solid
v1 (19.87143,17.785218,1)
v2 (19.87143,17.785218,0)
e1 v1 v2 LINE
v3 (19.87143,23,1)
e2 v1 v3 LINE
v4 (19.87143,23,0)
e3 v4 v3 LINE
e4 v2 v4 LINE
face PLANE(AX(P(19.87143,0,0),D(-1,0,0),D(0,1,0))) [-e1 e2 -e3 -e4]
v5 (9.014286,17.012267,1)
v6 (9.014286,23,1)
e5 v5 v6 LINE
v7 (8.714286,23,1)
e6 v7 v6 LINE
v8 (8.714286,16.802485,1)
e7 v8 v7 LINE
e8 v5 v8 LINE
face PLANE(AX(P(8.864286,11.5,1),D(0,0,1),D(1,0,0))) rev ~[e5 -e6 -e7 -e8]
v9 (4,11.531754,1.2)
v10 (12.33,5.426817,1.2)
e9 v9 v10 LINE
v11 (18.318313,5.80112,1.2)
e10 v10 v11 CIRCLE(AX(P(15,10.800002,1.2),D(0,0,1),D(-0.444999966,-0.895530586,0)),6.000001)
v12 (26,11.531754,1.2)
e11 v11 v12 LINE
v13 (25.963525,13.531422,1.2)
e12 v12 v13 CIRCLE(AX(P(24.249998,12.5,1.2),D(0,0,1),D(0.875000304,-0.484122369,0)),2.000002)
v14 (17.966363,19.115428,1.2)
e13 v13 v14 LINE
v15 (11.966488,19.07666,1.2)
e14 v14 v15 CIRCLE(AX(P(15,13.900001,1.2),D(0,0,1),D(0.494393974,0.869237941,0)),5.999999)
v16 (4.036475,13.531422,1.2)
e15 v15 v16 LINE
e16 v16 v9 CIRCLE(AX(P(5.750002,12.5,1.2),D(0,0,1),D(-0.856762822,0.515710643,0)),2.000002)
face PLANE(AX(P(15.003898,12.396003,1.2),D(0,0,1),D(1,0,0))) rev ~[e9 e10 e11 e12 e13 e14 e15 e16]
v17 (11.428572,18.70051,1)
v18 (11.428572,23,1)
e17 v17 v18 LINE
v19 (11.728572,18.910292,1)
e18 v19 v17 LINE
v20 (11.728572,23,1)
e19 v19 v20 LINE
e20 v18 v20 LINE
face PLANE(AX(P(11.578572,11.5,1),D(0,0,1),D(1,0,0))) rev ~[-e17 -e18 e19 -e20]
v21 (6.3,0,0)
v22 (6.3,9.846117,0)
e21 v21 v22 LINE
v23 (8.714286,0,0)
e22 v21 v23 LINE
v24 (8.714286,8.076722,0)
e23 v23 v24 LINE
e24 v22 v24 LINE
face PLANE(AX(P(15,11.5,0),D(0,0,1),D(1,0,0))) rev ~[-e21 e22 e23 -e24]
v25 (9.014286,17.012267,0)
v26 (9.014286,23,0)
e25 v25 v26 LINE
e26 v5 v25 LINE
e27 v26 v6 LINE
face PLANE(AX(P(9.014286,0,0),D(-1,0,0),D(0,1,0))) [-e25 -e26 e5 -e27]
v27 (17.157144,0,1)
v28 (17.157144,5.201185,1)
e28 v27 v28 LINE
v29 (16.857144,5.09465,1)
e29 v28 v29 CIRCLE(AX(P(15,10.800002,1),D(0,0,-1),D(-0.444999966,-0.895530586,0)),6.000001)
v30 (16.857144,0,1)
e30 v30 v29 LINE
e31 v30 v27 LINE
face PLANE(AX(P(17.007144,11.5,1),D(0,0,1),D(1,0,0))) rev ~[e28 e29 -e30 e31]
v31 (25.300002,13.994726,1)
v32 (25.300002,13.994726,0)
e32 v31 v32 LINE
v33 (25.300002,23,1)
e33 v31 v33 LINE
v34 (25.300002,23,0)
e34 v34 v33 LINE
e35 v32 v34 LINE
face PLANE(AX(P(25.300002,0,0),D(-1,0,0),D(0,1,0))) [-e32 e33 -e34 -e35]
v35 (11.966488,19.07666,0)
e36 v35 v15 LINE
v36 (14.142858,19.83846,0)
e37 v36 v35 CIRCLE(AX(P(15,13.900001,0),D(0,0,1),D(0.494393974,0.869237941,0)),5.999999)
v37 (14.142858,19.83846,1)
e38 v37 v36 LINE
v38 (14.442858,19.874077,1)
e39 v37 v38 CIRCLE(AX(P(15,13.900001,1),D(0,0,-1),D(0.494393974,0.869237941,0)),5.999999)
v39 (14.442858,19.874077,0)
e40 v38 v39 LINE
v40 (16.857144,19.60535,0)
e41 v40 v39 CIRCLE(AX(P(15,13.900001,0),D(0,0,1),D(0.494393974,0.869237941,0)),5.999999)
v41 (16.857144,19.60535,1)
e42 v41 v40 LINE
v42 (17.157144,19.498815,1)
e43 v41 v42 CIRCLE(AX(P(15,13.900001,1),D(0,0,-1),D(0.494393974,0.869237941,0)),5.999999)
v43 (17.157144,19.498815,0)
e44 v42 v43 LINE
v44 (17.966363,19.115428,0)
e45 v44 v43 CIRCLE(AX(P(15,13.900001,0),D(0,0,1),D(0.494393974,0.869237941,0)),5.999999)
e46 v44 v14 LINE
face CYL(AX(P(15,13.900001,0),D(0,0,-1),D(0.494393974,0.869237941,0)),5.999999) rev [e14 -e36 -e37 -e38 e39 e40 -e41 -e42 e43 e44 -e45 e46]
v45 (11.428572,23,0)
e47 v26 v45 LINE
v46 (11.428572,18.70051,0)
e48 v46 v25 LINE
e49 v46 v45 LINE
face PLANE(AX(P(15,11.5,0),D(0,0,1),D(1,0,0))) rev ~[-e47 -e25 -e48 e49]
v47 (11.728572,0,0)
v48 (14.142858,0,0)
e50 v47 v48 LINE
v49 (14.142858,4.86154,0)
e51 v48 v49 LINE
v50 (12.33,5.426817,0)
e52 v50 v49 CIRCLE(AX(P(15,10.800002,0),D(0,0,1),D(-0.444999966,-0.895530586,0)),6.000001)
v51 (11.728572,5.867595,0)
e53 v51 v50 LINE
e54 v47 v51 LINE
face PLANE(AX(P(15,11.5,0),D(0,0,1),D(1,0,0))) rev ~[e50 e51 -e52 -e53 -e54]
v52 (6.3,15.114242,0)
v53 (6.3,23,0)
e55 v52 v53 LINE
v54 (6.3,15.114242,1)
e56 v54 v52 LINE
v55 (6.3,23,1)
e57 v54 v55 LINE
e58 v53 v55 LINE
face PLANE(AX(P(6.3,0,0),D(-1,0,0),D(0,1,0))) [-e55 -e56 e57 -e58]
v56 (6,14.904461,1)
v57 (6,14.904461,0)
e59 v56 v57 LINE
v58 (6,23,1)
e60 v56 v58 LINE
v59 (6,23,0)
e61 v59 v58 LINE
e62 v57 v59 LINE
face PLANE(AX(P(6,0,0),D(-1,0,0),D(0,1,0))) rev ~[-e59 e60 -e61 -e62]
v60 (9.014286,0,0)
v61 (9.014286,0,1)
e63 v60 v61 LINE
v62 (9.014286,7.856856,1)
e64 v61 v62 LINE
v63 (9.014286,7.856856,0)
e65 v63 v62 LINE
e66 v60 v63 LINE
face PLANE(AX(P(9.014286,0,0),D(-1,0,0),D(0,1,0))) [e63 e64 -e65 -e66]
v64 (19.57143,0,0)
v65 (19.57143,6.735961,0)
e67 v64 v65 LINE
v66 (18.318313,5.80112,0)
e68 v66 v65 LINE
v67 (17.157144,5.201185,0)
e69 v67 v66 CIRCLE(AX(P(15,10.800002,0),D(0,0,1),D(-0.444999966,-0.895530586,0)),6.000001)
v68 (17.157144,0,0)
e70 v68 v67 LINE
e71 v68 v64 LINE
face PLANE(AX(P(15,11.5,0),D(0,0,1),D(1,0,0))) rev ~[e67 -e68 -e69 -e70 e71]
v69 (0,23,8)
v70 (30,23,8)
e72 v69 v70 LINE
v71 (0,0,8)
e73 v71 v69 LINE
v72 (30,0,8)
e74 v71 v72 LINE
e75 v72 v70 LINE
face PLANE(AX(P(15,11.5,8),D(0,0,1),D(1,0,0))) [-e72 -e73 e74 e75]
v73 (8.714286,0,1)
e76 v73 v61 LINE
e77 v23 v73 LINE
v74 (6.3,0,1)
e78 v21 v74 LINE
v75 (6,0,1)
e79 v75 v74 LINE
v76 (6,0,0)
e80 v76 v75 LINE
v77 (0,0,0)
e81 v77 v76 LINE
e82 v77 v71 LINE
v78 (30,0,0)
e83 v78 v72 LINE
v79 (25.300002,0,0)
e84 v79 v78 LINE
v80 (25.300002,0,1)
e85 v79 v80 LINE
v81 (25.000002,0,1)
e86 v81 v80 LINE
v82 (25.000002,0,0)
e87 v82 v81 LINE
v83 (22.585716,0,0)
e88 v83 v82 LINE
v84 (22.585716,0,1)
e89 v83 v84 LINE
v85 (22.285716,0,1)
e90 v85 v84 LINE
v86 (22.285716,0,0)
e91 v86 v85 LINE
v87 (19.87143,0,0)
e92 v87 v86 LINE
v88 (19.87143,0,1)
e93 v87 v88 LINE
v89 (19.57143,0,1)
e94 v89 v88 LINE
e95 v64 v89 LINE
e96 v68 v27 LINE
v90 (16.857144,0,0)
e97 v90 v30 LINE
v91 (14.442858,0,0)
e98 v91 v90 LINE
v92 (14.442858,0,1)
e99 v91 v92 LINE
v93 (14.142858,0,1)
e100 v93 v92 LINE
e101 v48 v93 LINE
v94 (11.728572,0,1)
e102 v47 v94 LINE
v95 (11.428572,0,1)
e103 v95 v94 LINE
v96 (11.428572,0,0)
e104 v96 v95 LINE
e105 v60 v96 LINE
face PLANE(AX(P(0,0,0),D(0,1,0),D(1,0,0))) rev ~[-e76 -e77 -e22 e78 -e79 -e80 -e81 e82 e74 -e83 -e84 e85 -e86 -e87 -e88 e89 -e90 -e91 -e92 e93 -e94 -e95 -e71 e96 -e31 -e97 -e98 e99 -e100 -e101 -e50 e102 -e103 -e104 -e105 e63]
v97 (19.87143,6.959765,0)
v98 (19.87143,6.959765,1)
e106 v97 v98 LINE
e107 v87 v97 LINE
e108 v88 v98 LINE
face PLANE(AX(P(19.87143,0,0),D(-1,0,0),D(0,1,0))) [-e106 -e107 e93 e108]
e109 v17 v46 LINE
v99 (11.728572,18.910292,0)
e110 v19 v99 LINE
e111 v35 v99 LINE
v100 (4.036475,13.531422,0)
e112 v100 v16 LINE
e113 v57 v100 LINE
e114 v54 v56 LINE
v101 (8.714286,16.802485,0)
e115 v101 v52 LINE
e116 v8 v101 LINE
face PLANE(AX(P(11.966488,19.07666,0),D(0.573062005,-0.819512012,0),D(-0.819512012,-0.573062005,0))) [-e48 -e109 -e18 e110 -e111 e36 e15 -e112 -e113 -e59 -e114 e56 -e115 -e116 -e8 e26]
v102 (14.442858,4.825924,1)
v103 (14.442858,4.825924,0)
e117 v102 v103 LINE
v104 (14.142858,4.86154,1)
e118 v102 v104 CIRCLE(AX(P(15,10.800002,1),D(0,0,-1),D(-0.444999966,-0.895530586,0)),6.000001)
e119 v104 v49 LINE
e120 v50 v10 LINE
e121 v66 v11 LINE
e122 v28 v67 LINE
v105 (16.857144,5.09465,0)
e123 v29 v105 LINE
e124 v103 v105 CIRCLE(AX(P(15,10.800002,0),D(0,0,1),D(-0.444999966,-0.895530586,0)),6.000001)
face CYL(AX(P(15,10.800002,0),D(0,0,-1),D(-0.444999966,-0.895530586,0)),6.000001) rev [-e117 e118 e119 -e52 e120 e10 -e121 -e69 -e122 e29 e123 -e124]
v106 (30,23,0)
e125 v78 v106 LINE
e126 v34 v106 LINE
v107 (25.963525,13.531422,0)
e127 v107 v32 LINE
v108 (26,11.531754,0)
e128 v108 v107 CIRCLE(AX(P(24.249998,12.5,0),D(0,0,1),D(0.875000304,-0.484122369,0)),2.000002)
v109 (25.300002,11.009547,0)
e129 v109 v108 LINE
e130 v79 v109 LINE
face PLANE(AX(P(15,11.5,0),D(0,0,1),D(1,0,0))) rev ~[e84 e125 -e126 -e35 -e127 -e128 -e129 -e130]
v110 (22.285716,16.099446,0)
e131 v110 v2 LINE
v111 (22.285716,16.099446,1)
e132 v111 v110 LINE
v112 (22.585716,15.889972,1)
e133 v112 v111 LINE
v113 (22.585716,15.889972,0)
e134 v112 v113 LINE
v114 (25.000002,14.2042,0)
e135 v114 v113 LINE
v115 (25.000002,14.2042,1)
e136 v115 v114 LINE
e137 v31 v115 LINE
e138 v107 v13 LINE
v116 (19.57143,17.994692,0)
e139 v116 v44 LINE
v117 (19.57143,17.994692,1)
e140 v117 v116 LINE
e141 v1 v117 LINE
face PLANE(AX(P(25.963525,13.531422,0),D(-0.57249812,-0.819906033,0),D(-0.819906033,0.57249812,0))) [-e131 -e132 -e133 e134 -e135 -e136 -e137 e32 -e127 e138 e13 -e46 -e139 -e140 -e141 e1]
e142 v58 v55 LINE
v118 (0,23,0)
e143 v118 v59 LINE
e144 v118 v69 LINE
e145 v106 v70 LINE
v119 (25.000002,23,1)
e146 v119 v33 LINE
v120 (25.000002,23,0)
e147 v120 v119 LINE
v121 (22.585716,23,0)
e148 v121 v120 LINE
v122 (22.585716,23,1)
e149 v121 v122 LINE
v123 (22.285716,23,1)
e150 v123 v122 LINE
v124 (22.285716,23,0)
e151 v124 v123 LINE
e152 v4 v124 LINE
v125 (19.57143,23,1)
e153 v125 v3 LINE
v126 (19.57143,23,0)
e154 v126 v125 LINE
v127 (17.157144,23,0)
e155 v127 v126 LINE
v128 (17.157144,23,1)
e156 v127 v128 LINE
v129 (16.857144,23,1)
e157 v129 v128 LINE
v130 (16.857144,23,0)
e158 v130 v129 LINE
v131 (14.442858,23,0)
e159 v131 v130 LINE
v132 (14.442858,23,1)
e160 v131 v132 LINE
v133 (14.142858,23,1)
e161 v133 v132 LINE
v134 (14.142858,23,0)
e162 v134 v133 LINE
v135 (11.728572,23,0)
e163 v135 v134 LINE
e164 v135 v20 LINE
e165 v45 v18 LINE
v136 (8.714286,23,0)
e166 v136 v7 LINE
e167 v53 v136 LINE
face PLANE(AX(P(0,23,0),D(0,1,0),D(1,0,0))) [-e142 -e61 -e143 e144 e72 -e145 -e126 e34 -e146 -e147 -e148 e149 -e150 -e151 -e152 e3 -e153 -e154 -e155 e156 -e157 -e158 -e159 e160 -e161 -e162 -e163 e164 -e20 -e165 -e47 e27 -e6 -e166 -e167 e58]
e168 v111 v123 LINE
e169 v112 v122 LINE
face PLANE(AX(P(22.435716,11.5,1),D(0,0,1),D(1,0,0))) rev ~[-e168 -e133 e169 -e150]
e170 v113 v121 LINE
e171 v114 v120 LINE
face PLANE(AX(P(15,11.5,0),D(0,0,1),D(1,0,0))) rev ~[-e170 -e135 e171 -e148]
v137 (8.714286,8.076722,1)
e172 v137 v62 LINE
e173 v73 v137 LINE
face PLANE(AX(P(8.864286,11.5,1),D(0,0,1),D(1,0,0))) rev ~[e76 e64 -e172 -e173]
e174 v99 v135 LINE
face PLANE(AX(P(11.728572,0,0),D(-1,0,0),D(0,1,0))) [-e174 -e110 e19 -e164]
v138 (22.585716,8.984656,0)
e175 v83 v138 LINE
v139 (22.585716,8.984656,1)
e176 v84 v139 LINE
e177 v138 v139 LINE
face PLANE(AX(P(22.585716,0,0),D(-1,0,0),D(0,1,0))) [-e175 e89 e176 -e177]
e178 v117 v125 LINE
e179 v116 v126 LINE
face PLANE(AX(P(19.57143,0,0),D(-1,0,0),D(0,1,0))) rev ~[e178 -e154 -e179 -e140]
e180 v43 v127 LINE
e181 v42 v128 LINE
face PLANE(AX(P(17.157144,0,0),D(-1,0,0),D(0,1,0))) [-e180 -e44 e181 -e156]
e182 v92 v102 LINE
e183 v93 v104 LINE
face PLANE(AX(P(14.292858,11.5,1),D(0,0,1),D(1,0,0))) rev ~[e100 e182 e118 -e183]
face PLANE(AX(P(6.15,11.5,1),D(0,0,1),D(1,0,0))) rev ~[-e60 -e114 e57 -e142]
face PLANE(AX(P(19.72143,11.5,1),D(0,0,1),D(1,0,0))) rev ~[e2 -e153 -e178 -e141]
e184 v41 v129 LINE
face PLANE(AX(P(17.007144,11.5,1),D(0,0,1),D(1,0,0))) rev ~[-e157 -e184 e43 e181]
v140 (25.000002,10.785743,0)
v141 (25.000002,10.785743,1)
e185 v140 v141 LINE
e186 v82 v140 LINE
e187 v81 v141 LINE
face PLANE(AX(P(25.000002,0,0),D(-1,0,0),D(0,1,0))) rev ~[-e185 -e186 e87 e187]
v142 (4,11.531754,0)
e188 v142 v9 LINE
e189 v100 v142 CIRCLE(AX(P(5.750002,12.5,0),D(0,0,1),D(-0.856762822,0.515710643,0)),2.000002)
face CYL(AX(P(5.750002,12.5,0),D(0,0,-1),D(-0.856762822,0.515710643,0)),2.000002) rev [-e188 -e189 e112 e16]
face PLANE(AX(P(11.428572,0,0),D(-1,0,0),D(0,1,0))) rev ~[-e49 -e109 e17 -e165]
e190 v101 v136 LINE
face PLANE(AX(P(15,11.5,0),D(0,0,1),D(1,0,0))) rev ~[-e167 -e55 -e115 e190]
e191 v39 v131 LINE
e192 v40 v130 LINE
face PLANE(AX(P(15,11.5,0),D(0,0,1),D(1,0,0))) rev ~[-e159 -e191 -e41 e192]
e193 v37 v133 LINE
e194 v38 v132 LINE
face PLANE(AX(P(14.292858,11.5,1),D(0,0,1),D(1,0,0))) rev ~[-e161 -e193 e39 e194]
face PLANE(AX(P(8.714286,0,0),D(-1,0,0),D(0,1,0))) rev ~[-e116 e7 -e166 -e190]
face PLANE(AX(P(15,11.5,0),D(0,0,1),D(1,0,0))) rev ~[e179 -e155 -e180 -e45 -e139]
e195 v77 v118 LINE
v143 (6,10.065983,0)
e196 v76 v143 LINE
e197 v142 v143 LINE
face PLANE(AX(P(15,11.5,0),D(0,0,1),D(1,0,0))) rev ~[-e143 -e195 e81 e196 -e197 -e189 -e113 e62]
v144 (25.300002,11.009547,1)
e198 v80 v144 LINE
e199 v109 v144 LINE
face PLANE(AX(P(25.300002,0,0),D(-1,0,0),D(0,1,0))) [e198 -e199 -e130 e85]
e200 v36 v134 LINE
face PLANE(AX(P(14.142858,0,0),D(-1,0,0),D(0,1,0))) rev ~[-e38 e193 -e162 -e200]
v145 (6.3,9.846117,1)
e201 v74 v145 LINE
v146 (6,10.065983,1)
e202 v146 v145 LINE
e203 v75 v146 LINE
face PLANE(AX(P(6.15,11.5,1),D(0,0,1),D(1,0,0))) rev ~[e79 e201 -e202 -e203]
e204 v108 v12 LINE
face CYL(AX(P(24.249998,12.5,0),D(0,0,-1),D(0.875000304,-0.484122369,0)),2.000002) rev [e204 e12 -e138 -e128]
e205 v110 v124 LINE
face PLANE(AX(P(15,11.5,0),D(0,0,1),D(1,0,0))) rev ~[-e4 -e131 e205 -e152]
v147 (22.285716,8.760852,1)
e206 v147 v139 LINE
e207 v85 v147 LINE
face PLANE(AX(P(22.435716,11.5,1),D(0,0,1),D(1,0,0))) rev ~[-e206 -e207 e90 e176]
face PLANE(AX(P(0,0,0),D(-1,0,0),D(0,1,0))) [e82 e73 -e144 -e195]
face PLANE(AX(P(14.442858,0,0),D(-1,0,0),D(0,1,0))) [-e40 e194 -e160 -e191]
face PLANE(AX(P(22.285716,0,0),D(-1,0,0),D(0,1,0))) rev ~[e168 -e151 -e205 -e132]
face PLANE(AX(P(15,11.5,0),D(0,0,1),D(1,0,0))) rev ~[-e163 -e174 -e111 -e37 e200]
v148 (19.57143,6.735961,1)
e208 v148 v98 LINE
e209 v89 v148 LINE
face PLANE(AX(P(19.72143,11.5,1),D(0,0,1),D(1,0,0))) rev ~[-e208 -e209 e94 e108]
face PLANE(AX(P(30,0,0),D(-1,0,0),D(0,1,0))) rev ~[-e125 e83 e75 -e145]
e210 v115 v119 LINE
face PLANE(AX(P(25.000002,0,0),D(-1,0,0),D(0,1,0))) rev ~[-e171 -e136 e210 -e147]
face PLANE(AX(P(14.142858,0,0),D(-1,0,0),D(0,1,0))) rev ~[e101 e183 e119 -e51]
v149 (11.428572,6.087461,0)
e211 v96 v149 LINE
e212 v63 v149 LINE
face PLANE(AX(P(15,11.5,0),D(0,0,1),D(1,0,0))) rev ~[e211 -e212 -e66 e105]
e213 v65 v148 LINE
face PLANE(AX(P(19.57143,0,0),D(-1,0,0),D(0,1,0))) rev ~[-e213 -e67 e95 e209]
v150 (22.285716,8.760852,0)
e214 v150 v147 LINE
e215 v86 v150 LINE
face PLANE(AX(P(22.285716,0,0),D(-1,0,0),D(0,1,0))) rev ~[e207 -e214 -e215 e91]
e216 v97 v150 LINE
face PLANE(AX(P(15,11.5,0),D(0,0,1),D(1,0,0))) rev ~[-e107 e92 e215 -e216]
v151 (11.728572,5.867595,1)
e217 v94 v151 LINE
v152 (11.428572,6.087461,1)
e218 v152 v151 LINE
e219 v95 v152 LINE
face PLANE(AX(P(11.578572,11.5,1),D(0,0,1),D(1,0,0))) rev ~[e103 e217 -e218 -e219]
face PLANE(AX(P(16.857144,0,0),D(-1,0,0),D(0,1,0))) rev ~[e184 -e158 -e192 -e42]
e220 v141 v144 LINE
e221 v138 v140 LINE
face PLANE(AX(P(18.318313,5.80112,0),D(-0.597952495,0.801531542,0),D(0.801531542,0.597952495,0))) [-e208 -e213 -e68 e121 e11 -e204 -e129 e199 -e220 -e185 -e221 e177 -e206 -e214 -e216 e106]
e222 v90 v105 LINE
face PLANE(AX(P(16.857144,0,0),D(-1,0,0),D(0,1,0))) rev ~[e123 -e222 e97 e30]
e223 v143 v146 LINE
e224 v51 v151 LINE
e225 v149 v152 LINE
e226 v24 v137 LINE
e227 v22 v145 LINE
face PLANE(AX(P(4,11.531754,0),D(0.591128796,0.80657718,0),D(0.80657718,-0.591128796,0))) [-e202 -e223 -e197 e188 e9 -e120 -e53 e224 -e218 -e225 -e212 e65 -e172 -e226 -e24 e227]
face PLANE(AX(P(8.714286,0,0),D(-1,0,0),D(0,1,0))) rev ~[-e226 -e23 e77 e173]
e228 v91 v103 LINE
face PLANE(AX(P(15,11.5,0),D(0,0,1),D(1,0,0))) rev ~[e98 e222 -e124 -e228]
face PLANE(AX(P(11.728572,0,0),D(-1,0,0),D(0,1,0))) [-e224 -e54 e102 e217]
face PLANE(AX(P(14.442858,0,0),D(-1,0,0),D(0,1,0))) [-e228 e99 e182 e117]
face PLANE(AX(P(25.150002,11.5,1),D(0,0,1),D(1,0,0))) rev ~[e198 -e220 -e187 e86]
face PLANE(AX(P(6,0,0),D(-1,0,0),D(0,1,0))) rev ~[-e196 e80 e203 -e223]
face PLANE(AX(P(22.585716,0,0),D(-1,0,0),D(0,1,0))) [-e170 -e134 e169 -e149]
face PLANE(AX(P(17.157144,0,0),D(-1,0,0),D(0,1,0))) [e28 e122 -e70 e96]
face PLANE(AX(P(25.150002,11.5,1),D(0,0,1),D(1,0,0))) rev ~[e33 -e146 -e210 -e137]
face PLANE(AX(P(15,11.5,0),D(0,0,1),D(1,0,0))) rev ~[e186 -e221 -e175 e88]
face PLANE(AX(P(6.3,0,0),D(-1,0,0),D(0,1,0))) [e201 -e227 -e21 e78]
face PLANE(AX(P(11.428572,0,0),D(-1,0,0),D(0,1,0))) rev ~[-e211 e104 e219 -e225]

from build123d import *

# Parameters (mm, degrees)
SKETCH_W            = 30
SKETCH_H            = 23
PAD002_DEPTH        = 8
POCKET001_DEPTH     = 1.2
SKETCH002_W         = 0.3
SKETCH002_H         = 23
POCKET_DEPTH        = 1
LINEARPATTERN_COUNT = 8
LINEARPATTERN_PITCH = 2.714286


with BuildPart() as part:
    # Sketch → Pad002 (new body)
    with BuildSketch(Plane.XY):
        with Locations((15, 11.5)):
            Rectangle(SKETCH_W, SKETCH_H)
    extrude(amount=PAD002_DEPTH)

    # Sketch001 → Pocket001 (cut)
    with BuildSketch(Plane.XY):
        with BuildLine():
            ThreePointArc((17.966363, 19.115428), (14.961232, 19.899875), (11.966488, 19.07666))
            Line((11.966488, 19.07666), (4.036475, 13.531422))
            ThreePointArc((4.036475, 13.531422), (3.750333, 12.536475), (4, 11.531754))
            Line((4, 11.531754), (12.33, 5.426817))
            ThreePointArc((12.33, 5.426817), (15.374304, 4.811687), (18.318313, 5.80112))
            Line((18.318313, 5.80112), (26, 11.531754))
            ThreePointArc((26, 11.531754), (26.249667, 12.536475), (25.963525, 13.531422))
            Line((25.963525, 13.531422), (17.966363, 19.115428))
        make_face()
    extrude(amount=POCKET001_DEPTH, mode=Mode.SUBTRACT)

    # Sketch002 → Pocket (cut)
    with BuildSketch(Plane.XY):
        with Locations((6.15, 11.5)):
            Rectangle(SKETCH002_W, SKETCH002_H)
    pocket = extrude(amount=POCKET_DEPTH, mode=Mode.SUBTRACT)

    # LinearPattern: Pocket ×8
    with Locations(*[(i * LINEARPATTERN_PITCH, 0, 0) for i in range(1, LINEARPATTERN_COUNT)]):
        add(pocket, mode=Mode.SUBTRACT)


solid = part.part
